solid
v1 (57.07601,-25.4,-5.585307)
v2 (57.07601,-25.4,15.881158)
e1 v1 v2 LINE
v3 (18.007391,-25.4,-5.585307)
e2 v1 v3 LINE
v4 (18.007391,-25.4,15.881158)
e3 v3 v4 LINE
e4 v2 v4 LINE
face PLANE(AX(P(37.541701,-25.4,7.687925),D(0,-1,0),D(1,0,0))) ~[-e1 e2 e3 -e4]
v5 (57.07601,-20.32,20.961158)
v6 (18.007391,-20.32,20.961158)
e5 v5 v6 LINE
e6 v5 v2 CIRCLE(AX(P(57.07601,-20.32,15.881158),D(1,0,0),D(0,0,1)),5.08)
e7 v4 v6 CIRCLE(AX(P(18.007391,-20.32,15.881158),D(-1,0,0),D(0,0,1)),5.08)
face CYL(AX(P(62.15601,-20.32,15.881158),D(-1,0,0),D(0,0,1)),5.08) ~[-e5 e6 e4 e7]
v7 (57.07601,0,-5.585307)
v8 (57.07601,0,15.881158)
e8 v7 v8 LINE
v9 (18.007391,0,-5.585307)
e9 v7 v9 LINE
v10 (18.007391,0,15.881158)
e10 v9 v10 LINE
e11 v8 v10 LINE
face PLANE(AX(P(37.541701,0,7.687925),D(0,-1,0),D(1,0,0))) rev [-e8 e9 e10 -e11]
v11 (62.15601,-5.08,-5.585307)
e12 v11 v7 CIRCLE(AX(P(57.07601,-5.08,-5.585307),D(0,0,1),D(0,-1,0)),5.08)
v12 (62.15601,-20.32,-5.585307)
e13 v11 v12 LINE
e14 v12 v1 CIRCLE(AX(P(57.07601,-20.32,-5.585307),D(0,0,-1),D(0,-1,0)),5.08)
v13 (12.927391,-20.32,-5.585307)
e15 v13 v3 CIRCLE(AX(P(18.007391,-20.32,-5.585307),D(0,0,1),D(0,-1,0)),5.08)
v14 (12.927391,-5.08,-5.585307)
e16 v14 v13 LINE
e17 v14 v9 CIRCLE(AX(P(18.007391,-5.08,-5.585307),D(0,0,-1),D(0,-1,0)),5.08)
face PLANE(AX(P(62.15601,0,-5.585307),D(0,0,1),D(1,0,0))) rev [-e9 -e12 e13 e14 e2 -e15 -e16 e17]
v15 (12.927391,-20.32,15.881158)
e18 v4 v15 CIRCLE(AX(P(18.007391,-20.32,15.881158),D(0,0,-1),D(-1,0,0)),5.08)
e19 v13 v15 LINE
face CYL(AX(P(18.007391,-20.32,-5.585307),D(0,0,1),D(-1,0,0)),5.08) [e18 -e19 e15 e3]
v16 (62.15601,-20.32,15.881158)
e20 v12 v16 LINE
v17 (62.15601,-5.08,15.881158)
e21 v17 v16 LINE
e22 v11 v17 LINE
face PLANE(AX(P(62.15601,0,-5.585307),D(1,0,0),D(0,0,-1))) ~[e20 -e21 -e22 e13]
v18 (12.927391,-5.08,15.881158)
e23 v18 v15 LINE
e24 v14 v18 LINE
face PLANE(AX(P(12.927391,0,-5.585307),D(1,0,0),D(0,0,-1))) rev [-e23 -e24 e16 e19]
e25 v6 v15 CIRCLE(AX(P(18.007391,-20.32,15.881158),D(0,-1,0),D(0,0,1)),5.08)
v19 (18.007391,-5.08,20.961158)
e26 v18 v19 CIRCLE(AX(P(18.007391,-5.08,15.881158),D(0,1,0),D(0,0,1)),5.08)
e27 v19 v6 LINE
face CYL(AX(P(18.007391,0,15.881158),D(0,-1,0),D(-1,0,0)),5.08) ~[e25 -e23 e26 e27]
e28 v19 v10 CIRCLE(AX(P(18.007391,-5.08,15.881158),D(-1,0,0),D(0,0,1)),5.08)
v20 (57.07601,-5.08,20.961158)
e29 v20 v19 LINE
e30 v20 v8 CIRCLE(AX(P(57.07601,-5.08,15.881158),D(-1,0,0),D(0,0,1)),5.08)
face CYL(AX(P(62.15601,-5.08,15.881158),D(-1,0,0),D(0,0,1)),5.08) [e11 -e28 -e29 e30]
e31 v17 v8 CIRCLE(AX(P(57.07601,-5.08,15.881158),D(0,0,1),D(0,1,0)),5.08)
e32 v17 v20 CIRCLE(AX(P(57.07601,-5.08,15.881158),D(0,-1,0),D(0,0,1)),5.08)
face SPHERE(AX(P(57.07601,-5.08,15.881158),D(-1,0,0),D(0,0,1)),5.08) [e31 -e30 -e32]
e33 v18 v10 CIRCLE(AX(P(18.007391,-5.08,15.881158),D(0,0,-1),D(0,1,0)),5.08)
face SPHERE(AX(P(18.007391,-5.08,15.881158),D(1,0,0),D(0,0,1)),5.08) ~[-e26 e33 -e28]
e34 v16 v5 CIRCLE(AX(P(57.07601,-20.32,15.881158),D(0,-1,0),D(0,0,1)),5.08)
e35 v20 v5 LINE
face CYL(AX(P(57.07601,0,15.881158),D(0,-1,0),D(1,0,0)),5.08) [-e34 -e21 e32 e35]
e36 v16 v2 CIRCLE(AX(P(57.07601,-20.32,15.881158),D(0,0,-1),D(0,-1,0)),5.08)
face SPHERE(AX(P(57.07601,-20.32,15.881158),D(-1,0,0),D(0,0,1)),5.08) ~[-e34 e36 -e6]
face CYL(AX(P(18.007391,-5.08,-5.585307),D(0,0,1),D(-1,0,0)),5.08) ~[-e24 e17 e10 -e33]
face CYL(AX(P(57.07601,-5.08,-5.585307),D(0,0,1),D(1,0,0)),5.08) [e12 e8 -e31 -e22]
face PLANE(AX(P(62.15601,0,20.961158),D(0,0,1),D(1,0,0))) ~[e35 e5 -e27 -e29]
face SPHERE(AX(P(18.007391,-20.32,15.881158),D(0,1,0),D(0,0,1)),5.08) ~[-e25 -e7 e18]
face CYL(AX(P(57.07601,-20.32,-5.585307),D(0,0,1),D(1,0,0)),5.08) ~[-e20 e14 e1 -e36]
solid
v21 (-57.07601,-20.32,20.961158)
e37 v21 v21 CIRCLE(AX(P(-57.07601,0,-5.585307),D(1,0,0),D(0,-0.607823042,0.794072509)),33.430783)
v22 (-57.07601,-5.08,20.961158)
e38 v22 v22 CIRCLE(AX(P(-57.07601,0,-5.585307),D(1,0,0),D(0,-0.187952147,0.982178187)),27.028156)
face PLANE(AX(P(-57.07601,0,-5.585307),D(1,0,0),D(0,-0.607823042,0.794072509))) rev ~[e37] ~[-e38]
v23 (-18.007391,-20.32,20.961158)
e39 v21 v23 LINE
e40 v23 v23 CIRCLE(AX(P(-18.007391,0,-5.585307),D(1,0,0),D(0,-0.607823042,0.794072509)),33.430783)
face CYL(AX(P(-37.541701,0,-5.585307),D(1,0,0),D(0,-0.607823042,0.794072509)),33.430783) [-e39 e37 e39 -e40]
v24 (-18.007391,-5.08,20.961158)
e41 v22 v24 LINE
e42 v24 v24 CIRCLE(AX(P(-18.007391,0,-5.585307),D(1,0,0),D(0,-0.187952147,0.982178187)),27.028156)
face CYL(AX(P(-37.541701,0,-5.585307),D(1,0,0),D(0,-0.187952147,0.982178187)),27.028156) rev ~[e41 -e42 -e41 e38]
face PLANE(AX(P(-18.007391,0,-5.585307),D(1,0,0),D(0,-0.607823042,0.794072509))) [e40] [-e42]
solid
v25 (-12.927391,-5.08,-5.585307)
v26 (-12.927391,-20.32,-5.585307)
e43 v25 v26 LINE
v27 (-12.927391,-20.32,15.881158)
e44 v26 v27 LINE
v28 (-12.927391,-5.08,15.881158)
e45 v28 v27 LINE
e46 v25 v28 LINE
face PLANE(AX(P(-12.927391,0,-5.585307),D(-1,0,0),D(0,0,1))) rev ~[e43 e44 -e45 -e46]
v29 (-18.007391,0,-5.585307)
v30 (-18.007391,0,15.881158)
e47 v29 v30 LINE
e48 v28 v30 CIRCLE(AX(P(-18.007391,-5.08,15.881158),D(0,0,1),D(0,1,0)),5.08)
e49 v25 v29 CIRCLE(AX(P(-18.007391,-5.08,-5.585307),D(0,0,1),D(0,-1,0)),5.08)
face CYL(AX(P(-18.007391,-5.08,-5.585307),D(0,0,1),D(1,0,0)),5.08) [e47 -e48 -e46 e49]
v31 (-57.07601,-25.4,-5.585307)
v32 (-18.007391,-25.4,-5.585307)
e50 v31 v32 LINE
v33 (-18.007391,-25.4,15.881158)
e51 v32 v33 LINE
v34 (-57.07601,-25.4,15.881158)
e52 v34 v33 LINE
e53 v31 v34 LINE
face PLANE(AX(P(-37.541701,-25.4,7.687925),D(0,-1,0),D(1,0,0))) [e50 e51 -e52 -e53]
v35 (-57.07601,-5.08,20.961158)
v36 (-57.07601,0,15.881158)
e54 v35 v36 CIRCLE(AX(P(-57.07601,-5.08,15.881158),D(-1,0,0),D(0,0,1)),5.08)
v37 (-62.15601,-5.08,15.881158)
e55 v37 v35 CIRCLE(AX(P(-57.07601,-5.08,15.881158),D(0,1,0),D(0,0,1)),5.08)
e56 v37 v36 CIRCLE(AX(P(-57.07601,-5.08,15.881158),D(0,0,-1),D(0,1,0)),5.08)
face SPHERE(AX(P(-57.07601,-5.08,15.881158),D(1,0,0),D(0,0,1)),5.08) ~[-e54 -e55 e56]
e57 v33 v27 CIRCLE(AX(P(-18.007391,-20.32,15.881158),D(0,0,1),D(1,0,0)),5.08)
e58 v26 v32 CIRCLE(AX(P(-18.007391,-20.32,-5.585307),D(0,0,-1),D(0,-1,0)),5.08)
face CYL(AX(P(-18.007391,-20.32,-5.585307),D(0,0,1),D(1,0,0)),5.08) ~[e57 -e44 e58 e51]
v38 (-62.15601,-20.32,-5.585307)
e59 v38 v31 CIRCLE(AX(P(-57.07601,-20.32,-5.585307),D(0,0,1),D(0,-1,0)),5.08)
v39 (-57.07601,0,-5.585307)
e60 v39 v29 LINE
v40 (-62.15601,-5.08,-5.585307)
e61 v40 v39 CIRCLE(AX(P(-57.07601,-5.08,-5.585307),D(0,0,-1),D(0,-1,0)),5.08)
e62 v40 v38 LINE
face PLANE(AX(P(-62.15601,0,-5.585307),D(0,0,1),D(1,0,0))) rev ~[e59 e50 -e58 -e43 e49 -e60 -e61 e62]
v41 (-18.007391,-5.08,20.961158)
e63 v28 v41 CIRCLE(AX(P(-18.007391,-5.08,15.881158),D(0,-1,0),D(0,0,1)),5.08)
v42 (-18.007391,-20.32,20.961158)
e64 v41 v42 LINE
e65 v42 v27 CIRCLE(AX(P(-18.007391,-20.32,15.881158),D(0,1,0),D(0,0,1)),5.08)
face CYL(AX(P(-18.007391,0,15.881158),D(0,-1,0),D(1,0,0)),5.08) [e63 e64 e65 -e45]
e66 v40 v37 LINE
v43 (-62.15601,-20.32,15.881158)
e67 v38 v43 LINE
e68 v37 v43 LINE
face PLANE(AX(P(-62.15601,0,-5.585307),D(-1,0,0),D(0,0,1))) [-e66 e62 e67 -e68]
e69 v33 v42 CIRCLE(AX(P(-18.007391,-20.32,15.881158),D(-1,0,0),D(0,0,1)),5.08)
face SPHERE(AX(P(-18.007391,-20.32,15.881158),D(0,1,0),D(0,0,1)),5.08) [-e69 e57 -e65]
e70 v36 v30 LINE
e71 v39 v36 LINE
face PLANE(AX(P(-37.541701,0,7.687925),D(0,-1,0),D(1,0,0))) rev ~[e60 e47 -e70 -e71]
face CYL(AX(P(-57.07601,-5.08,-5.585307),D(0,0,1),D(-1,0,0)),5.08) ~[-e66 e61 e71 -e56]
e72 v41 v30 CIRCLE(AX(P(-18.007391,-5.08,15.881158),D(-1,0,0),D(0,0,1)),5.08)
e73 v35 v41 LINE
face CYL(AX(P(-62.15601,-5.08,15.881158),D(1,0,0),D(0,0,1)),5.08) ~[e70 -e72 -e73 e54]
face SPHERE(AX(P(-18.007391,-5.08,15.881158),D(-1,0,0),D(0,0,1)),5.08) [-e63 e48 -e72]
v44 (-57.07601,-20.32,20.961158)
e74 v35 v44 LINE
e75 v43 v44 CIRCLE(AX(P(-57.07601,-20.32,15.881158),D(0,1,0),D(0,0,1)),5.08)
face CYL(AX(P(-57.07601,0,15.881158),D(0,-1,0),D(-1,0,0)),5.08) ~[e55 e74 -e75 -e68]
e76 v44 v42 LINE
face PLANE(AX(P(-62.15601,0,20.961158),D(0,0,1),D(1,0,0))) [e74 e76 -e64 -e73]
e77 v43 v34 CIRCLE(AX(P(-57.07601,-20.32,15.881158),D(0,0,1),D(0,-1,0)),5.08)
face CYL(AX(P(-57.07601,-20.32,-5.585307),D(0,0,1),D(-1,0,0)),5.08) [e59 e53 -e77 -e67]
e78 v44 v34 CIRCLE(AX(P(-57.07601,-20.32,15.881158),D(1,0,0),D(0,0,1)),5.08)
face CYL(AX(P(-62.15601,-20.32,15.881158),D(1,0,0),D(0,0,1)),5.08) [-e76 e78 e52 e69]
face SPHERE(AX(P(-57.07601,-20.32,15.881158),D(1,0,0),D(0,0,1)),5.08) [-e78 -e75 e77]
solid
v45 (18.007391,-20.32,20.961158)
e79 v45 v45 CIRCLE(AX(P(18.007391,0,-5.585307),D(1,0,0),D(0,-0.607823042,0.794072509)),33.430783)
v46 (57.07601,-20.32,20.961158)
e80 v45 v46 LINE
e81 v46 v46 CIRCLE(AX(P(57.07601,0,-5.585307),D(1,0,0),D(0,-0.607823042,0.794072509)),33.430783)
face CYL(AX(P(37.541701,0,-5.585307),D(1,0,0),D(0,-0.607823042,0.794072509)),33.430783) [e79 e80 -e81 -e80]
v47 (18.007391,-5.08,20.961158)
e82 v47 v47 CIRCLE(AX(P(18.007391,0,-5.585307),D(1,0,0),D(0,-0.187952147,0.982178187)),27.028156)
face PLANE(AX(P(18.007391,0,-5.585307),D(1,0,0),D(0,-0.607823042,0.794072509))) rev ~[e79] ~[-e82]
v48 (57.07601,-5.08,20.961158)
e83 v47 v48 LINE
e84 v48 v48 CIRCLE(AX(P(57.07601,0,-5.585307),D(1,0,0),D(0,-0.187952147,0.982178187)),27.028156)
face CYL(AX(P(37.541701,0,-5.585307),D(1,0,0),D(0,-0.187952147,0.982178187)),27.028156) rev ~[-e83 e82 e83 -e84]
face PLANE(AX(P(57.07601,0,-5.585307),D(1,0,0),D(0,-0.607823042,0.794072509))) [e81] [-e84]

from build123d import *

# Parameters (mm, degrees)
F0_W      = 49.2286197841
F0_H      = 26.5464654658
F1_DEPTH  = 25.4
F2_R      = 5.08
F3_FACE_W = 39.0686197841
F3_FACE_H = 15.24
F1_FACE_W = 39.0686197841
F1_FACE_H = 15.24


with BuildPart() as f1:
    # F0 (on Front) → F1 (new body)
    with BuildSketch(Plane.XZ):
        with Locations((-37.5417005271, 7.6879252447)):
            Rectangle(F0_W, F0_H)
    extrude(amount=F1_DEPTH)

    # F2
    f2_edges = [f1.edges().sort_by_distance(p)[0] for p in [
        (-37.541701, 0, 20.961158),
        (-12.927391, -12.7, 20.961158),
        (-37.541701, -25.4, 20.961158),
        (-62.15601, -12.7, 20.961158),
        (-62.15601, -25.4, 7.687925),
        (-12.927391, -25.4, 7.687925),
        (-12.927391, 0, 7.687925),
        (-62.15601, 0, 7.687925),
    ]]
    fillet(f2_edges, radius=F2_R)


with BuildPart() as f3_1:
    # F3: instance of F1
    add(f1.part.mirror(Plane.YZ))


with BuildPart() as f4:
    # F3_face (on face) → F4 (revolve)
    with BuildSketch(Plane(origin=(37.5417005271, -12.7, 20.9611579776), x_dir=(1, 0, 0), z_dir=(0, 0, 1))):
        Rectangle(F3_FACE_W, F3_FACE_H)
    revolve(axis=Axis((-37.5417005271, 0, -5.5853074882), (1, 0, 0)))


with BuildPart() as f4b:
    # F1_face (on face) → F4, piece 2 (revolve)
    with BuildSketch(Plane(origin=(-37.5417005271, -12.7, 20.9611579776), x_dir=(1, 0, 0), z_dir=(0, 0, 1))):
        Rectangle(F1_FACE_W, F1_FACE_H)
    revolve(axis=Axis((-37.5417005271, 0, -5.5853074882), (1, 0, 0)))


solid = Compound([f1.part, f3_1.part, f4.part, f4b.part])
